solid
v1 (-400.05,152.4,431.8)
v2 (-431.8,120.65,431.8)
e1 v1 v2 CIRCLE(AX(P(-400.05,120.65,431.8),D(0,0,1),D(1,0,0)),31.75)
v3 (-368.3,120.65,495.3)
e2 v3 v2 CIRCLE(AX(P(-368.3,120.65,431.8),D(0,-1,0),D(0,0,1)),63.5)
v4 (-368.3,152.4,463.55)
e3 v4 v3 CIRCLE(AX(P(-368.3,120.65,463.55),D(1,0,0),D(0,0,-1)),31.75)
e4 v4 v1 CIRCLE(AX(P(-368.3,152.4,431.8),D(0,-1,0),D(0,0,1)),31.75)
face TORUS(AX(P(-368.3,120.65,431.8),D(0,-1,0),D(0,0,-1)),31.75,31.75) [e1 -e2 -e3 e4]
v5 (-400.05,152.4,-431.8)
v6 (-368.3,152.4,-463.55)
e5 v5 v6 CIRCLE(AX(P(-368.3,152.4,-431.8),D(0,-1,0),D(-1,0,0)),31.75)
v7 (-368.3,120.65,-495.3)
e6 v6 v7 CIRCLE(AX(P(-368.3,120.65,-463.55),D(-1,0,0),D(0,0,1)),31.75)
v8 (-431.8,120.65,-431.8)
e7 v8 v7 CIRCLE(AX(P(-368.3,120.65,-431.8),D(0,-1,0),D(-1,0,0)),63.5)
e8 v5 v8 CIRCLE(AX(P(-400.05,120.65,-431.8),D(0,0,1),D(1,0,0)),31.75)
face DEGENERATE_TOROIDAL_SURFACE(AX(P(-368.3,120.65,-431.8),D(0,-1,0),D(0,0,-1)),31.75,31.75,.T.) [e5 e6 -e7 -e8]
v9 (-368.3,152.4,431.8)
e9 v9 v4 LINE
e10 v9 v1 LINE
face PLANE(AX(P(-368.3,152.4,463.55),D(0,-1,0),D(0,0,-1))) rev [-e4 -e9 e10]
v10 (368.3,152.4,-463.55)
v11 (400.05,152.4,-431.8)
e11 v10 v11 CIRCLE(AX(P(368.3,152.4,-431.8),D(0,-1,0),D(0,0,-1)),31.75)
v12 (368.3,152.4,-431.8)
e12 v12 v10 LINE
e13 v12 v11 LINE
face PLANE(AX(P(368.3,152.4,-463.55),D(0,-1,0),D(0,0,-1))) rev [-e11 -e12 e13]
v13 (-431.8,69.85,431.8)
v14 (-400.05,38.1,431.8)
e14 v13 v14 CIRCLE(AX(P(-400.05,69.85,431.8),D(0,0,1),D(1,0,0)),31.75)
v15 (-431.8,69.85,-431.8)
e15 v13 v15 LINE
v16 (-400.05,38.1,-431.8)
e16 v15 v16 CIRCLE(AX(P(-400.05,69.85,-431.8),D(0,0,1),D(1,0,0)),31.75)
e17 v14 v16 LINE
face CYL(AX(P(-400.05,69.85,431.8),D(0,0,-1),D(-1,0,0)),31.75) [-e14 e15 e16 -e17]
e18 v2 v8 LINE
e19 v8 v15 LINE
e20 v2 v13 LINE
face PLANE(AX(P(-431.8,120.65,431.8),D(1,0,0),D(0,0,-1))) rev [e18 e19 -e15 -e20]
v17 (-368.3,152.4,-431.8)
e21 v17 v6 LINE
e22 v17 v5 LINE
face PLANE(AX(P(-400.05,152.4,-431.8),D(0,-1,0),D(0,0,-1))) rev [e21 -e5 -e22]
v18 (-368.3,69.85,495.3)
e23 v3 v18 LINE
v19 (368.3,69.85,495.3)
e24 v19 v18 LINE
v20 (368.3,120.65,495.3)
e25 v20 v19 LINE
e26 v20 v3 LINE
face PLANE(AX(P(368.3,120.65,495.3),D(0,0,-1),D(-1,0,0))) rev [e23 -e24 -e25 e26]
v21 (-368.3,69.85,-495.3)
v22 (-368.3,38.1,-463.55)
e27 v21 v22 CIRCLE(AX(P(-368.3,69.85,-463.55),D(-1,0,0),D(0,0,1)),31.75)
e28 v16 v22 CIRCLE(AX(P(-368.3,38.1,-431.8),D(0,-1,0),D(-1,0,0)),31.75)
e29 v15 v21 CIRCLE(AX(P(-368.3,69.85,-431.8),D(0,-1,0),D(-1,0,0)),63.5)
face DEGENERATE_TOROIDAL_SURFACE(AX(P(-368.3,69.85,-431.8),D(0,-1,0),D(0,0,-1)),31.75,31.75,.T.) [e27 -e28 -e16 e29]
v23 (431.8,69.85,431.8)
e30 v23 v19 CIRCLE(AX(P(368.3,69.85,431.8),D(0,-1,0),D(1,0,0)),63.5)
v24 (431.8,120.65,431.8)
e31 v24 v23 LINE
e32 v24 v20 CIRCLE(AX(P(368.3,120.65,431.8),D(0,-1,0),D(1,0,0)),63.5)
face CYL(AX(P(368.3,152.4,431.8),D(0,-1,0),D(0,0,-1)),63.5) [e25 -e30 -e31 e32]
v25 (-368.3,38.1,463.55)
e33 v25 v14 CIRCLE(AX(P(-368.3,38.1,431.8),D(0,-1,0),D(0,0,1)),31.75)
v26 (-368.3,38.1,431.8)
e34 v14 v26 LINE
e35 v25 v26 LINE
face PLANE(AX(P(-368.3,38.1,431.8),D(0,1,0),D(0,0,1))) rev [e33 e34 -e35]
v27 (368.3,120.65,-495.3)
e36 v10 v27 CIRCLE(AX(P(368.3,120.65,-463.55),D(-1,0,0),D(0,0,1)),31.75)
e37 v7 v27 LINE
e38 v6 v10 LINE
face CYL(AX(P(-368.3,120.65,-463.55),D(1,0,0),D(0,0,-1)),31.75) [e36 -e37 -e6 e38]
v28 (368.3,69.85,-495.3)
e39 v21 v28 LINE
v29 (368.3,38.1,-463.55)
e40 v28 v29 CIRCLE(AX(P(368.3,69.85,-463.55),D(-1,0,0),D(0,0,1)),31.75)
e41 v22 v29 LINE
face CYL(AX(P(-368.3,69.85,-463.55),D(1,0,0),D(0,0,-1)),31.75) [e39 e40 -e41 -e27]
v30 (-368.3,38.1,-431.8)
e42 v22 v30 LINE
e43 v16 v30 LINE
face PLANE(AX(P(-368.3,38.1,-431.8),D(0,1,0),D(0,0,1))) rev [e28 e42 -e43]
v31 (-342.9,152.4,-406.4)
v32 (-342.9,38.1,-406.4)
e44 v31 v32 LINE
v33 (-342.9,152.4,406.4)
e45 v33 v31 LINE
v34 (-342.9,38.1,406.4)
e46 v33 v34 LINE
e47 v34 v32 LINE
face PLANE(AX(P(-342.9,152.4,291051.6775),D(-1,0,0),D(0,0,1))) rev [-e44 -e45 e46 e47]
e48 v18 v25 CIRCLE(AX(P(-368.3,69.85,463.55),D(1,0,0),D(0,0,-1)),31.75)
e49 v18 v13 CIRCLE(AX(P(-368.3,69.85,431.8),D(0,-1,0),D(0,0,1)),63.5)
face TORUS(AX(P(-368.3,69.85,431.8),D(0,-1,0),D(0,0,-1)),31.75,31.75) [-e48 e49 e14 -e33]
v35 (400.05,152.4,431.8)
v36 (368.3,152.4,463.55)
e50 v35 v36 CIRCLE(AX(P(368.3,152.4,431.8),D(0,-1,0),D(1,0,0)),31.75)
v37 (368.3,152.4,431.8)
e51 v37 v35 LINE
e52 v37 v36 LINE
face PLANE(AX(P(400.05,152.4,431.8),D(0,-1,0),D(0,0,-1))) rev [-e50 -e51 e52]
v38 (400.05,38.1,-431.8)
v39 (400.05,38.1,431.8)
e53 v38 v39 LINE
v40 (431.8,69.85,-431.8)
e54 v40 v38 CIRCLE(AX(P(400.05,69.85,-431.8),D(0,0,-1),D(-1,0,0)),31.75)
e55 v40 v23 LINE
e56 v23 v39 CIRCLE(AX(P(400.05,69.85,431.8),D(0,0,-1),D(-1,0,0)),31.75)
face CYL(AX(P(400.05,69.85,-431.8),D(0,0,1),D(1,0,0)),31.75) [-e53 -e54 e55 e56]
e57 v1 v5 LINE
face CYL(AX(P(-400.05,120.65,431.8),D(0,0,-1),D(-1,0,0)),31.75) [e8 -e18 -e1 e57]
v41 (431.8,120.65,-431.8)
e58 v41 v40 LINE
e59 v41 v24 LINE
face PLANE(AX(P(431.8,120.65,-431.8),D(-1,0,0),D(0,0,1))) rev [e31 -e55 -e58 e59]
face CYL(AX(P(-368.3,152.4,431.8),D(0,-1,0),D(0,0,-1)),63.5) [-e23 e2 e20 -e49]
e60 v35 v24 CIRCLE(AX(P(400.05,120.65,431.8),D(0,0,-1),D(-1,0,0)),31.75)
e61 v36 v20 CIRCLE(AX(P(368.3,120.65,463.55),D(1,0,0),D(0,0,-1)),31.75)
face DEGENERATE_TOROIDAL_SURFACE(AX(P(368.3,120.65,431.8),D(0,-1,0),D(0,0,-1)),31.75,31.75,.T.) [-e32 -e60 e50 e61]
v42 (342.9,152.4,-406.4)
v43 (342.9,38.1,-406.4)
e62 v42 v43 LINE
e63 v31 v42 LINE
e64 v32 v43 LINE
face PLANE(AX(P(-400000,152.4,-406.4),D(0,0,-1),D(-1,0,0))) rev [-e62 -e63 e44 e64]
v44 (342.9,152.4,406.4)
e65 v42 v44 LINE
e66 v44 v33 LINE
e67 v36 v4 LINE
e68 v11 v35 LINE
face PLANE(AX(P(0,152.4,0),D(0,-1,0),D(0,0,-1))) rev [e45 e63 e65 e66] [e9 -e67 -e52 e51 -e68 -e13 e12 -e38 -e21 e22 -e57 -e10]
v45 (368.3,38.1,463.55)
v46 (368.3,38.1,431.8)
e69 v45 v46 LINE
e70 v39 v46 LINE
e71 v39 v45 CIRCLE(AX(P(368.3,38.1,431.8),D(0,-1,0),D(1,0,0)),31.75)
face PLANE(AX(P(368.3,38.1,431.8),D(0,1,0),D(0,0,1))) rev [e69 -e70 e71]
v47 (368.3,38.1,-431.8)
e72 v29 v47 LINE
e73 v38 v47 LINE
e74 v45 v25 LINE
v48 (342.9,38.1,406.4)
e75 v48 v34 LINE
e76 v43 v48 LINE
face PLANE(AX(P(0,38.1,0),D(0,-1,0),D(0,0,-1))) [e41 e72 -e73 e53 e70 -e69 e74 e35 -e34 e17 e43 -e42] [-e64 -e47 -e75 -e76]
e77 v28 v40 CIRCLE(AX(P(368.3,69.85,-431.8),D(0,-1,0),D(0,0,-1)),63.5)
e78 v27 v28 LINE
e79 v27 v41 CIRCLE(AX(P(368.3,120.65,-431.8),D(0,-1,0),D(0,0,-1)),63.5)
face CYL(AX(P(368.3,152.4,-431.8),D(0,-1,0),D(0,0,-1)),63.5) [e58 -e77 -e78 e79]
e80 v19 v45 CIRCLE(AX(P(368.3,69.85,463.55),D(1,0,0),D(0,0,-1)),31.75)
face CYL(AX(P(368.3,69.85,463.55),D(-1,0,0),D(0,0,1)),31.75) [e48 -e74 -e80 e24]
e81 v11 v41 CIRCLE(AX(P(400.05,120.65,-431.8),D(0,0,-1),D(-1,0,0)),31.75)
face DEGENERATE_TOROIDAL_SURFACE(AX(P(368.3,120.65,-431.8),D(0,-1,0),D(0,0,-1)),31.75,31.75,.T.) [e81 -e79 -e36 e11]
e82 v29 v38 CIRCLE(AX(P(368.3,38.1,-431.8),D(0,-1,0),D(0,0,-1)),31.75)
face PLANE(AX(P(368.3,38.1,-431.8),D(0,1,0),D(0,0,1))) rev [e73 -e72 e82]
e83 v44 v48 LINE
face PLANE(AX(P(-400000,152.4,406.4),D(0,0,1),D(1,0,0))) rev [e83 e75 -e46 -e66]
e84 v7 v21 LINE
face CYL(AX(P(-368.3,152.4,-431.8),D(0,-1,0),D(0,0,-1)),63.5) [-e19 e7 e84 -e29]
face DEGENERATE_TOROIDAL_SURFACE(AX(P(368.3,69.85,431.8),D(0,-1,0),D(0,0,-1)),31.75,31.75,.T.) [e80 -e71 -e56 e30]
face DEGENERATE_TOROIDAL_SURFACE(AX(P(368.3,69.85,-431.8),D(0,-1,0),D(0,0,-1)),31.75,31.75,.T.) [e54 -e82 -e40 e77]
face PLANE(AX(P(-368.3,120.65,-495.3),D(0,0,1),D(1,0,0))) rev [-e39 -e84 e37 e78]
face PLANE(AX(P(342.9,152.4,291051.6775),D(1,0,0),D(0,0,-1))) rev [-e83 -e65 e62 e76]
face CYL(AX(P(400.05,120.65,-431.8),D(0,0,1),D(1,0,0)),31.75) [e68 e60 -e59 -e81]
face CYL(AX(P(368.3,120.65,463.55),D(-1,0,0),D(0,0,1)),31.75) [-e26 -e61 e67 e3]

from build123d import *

# Parameters (mm, degrees)
BOSS_EXTRUDE1_START = 38.1
SKETCH2_W           = 736.6
SKETCH2_H           = 863.6
SKETCH2_W_2         = 685.8
SKETCH2_H_2         = 812.8
BOSS_EXTRUDE1_DEPTH = 114.3


with BuildPart() as part:
    # Sketch2 → Boss-Extrude1 (new body)
    with BuildSketch(Plane(origin=(0, 0, 0), x_dir=(1, 0, 0), z_dir=(0, 1, 0)).offset(BOSS_EXTRUDE1_START)):
        Rectangle(SKETCH2_W, SKETCH2_H)
        Rectangle(SKETCH2_W_2, SKETCH2_H_2, mode=Mode.SUBTRACT)
    extrude(amount=BOSS_EXTRUDE1_DEPTH)

    # Sweep1: sweep along a path in Sketch4
    with BuildLine(Plane(origin=(0, 152.4, 0), x_dir=(1, 0, 0), z_dir=(0, 1, 0))) as sweep1_path:
        Line((368.3, 495.3), (-368.3, 495.3))
        ThreePointArc((-368.3, 495.3), (-413.201280605, 476.701280605), (-431.8, 431.8))
        Line((-431.8, 431.8), (-431.8, -431.8))
        ThreePointArc((-431.8, -431.8), (-413.201280605, -476.701280605), (-368.3, -495.3))
        Line((-368.3, -495.3), (368.3, -495.3))
        ThreePointArc((368.3, -495.3), (413.201280605, -476.701280605), (431.8, -431.8))
        Line((431.8, -431.8), (431.8, 431.8))
        ThreePointArc((431.8, 431.8), (413.201280605, 476.701280605), (368.3, 495.3))
    # Sketch3 → Sweep1 (sweep)
    with BuildSketch(Plane.XY.offset(431.8)):
        with BuildLine():
            Line((-400.05, 152.4), (-368.3, 152.4))
            Line((-368.3, 152.4), (-368.3, 38.1))
            Line((-368.3, 38.1), (-400.05, 38.1))
            ThreePointArc((-400.05, 38.1), (-422.500640303, 47.399359697), (-431.8, 69.85))
            Line((-431.8, 69.85), (-431.8, 120.65))
            ThreePointArc((-431.8, 120.65), (-422.500640303, 143.100640303), (-400.05, 152.4))
        make_face()
    sweep(path=sweep1_path.line)


solid = part.part
